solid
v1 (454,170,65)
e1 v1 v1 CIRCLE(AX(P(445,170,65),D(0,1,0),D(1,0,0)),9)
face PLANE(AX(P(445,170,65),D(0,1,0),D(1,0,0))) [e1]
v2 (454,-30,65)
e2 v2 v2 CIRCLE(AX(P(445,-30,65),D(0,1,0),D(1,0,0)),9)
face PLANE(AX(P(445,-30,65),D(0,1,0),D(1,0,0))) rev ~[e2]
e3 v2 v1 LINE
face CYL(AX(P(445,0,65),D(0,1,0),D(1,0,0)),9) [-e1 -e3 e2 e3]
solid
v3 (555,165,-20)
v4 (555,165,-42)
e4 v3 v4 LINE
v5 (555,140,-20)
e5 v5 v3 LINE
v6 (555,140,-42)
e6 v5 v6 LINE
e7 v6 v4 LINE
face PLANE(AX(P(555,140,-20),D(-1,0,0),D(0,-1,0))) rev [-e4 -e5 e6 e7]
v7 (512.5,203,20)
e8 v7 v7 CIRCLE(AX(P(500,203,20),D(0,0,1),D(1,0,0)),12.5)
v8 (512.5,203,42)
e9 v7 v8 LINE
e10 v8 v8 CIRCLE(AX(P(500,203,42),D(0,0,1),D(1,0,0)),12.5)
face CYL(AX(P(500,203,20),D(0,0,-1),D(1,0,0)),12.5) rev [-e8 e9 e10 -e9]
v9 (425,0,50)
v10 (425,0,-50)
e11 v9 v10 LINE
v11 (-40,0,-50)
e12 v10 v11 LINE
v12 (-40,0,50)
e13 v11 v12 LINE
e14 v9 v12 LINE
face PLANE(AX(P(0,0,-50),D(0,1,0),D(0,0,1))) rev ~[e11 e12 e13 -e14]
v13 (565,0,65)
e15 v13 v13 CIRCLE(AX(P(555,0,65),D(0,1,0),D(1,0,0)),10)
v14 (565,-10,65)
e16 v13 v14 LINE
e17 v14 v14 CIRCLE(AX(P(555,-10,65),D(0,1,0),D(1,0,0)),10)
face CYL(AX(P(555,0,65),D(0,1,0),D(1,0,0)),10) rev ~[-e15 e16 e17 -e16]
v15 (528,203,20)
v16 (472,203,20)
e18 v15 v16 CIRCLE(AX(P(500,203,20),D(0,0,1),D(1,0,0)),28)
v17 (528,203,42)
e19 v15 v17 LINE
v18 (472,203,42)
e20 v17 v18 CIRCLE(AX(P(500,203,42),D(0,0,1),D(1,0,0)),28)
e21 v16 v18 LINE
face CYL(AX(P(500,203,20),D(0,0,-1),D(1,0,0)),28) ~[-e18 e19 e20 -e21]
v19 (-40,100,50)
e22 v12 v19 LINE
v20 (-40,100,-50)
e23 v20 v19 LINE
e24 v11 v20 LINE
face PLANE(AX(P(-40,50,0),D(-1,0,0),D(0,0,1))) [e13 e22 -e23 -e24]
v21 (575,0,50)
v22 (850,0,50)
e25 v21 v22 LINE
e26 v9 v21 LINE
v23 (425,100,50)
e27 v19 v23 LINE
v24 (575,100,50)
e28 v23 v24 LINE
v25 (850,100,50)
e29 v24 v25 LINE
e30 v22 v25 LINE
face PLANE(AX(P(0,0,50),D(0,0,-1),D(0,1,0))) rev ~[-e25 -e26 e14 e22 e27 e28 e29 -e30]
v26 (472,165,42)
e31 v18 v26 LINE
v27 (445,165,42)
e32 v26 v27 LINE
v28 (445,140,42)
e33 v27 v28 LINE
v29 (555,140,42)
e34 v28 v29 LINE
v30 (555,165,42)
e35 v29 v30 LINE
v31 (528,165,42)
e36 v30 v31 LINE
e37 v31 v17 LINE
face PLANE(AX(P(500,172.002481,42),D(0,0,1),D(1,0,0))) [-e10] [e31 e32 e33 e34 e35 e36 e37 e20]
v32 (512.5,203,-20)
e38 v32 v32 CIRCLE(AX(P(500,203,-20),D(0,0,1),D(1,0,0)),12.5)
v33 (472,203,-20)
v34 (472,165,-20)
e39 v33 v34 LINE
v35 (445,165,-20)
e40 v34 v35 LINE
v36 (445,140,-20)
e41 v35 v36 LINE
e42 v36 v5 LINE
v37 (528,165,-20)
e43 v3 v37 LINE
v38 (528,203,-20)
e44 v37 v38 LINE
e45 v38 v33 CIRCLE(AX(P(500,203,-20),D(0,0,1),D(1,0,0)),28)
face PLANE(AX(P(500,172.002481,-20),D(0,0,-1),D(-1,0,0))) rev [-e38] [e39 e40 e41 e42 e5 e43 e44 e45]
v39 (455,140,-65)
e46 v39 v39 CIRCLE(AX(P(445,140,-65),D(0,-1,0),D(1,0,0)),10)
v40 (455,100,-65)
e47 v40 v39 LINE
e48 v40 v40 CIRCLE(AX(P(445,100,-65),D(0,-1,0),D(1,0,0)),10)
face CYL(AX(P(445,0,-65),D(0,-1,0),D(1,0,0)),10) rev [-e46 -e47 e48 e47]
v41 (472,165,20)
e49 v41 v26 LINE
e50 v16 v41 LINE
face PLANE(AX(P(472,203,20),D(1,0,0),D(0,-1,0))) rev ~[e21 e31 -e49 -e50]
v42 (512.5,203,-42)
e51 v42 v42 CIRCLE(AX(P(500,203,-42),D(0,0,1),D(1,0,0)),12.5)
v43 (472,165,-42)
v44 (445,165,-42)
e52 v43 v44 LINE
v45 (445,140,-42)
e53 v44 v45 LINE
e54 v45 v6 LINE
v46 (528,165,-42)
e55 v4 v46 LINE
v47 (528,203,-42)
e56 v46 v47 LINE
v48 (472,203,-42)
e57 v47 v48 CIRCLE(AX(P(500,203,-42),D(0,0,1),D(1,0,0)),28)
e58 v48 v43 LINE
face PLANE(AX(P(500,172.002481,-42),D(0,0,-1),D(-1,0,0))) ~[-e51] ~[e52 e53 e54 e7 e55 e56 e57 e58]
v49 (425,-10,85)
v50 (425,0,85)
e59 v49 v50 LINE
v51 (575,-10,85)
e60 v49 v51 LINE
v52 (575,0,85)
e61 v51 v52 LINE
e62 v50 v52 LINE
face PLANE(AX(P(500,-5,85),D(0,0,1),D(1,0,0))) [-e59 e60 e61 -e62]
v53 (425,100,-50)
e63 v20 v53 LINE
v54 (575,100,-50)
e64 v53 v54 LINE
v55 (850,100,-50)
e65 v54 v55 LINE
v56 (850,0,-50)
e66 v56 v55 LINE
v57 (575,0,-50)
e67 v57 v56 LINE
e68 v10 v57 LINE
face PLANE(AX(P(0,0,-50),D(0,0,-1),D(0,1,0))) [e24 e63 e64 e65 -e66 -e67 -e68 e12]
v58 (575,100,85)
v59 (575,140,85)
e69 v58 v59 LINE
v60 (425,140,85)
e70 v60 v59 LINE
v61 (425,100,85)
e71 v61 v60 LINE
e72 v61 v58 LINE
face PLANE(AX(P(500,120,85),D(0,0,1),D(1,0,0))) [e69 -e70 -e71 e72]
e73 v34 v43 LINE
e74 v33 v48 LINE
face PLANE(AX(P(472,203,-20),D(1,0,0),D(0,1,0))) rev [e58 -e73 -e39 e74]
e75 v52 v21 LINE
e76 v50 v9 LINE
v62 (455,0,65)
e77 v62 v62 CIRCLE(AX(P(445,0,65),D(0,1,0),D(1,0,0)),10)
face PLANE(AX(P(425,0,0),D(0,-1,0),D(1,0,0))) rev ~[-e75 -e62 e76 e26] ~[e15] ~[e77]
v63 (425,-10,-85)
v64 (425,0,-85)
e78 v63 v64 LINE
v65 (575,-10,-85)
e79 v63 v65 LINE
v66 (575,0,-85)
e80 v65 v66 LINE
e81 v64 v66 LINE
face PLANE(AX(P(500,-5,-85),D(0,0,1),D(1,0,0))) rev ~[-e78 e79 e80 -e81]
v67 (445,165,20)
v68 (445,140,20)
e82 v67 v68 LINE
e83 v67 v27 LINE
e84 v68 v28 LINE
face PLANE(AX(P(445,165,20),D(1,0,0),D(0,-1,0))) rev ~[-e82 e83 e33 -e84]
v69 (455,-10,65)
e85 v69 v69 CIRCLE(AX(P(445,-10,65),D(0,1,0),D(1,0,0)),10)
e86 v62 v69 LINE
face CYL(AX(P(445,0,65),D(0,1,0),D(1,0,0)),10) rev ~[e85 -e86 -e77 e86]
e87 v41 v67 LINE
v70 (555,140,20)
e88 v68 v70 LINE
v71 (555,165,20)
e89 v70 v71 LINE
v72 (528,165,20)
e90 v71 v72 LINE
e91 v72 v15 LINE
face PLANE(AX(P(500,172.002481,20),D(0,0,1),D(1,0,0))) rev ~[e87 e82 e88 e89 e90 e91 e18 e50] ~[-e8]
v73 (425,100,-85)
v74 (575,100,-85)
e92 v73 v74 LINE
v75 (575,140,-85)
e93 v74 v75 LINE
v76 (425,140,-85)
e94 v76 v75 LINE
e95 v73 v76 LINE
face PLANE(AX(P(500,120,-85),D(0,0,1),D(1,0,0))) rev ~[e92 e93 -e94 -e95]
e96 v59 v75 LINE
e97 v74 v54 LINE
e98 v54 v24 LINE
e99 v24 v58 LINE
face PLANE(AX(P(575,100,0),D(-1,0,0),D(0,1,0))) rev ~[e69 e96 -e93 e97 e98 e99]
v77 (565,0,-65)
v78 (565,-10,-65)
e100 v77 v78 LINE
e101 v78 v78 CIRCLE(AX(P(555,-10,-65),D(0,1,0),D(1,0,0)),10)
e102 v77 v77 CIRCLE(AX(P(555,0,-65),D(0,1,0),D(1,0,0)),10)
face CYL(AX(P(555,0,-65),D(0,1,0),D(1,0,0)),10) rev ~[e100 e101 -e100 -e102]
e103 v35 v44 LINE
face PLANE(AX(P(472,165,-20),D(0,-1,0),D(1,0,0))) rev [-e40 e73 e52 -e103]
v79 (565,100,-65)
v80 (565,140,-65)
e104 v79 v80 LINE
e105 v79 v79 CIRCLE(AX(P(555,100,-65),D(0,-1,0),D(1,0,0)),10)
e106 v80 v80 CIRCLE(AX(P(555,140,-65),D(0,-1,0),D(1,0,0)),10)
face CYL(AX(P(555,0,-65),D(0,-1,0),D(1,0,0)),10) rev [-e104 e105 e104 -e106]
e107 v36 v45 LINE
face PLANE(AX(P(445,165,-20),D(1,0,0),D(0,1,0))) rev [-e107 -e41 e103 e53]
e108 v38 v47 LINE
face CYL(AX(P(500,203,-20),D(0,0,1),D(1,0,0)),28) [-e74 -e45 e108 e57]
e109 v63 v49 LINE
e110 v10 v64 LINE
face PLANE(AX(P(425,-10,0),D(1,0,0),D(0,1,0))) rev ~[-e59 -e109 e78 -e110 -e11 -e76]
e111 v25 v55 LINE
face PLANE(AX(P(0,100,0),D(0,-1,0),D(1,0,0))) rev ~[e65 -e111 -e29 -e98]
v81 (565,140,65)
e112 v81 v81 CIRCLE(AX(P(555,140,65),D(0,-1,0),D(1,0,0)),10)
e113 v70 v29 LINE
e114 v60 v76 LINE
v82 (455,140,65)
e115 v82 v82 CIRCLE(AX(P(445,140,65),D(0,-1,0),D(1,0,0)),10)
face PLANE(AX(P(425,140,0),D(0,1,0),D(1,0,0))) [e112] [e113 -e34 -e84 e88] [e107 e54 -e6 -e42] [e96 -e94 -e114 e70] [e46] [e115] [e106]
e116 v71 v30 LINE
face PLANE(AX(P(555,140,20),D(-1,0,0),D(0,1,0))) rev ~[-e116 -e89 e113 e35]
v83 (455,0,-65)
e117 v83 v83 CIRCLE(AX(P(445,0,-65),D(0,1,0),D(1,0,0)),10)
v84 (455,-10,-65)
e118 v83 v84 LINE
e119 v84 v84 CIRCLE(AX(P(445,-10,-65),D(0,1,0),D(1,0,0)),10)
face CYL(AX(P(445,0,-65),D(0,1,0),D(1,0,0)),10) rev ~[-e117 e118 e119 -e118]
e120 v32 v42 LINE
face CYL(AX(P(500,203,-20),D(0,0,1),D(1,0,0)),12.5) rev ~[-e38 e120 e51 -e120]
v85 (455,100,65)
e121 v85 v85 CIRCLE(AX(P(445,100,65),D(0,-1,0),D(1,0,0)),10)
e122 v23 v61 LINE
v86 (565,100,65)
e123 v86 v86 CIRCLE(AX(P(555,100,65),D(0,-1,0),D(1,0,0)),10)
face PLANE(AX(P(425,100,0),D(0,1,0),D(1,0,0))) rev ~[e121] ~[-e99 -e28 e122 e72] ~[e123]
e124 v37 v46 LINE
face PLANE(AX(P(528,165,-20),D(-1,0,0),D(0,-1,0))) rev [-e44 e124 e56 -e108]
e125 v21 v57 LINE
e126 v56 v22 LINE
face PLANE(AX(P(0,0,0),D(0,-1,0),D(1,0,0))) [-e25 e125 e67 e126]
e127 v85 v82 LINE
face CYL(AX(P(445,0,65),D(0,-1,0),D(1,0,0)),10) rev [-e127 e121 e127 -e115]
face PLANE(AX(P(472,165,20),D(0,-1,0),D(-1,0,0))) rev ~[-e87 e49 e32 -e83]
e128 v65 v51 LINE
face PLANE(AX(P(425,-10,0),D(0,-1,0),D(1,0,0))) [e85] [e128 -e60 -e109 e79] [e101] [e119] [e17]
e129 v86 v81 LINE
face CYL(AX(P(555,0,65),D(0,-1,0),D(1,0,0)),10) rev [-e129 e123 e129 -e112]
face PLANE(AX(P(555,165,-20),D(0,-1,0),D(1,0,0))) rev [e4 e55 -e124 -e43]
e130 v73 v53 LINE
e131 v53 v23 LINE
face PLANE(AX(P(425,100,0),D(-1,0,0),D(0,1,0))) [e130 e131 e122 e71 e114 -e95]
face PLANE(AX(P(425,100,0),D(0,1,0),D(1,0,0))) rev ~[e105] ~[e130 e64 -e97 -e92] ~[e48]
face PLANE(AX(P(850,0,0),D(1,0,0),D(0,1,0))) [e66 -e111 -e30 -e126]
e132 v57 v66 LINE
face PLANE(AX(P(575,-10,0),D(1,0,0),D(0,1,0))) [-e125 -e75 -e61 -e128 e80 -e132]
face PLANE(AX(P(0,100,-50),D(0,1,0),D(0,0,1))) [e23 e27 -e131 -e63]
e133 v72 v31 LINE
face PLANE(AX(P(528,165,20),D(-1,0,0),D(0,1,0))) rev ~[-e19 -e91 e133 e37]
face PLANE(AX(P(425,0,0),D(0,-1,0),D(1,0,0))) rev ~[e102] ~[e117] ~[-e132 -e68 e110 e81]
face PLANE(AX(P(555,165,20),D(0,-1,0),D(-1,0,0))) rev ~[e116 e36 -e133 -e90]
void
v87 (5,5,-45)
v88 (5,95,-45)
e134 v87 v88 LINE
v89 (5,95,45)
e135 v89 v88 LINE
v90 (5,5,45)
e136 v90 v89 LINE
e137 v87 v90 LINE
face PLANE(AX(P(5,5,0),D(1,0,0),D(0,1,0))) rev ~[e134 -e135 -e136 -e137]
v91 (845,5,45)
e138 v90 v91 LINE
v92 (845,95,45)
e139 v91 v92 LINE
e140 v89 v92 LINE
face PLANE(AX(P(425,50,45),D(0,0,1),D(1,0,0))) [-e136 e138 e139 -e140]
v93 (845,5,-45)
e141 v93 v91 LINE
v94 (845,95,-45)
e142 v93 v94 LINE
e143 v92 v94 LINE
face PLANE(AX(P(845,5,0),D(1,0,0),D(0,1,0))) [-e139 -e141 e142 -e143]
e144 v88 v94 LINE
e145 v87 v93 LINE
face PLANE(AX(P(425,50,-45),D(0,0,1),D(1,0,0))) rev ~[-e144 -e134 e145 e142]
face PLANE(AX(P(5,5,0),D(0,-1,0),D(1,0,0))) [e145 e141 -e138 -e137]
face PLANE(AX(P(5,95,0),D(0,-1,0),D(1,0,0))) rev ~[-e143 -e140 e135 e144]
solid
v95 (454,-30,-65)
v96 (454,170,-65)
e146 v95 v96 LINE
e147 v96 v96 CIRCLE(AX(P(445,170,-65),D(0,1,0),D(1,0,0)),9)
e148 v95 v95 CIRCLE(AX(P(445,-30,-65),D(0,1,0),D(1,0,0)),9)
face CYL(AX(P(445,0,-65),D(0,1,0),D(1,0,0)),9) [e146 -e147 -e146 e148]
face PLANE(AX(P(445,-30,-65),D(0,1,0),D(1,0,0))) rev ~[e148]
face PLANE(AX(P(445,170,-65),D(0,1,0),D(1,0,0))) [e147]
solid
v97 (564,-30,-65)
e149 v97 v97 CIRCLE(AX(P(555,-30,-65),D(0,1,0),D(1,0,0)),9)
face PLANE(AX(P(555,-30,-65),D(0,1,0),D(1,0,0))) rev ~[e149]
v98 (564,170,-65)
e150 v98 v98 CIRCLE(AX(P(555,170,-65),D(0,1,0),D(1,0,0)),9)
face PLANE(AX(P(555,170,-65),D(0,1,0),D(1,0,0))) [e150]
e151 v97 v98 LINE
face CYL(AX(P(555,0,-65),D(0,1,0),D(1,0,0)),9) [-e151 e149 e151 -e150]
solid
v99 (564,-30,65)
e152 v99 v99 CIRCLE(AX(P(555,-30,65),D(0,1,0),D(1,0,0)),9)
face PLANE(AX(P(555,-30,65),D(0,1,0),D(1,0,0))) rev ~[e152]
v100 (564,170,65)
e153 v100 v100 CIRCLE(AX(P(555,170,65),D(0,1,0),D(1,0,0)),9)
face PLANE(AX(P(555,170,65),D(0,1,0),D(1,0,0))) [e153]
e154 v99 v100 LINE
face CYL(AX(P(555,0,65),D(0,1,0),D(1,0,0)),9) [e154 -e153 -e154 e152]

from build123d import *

# Parameters (mm, degrees)
SKETCH2_W                   = 850
SKETCH2_H                   = 100
BOSS_EXTRUDE1_DEPTH         = 50
SKETCH7_W                   = 840
SKETCH7_H                   = 90
CUT_EXTRUDE2_DEPTH          = 45
SKETCH12_W                  = 150
SKETCH12_H                  = 40
SKETCH12_H_2                = 10
BOSS_EXTRUDE9_DEPTH         = 85
SKETCH5_W                   = 100
SKETCH5_H                   = 100
BOSS_EXTRUDE4_DEPTH         = 40
SKETCH13_R                  = 10
CUT_EXTRUDE3_DEPTH          = 141
CUT_EXTRUDE3_DEPTH_BACK     = 11
SKETCH14_R                  = 9
BOSS_EXTRUDE10_DEPTH        = 170
BOSS_EXTRUDE10_DEPTH_BACK   = 30
BOSS_EXTRUDE10_2_DEPTH      = 170
BOSS_EXTRUDE10_2_DEPTH_BACK = 30
BOSS_EXTRUDE10_3_DEPTH      = 170
BOSS_EXTRUDE10_3_DEPTH_BACK = 30
BOSS_EXTRUDE10_4_DEPTH      = 170
BOSS_EXTRUDE10_4_DEPTH_BACK = 30
SKETCH15_R                  = 12.5
BOSS_EXTRUDE11_DEPTH        = 22


with BuildPart() as part:
    # Sketch2 → Boss-Extrude1 (new body, symmetric)
    with BuildSketch(Plane.XY):
        with Locations((425, 50)):
            Rectangle(SKETCH2_W, SKETCH2_H)
    extrude(amount=BOSS_EXTRUDE1_DEPTH, both=True)

    # Sketch7 → Cut-Extrude2 (cut, symmetric)
    with BuildSketch(Plane.XY):
        with Locations((425, 50)):
            Rectangle(SKETCH7_W, SKETCH7_H)
    extrude(amount=CUT_EXTRUDE2_DEPTH, both=True, mode=Mode.SUBTRACT)

    # Sketch12 → Boss-Extrude9 (add, symmetric)
    with BuildSketch(Plane.XY):
        with Locations((500, 120)):
            Rectangle(SKETCH12_W, SKETCH12_H)
        with Locations((500, -5)):
            Rectangle(SKETCH12_W, SKETCH12_H_2)
    extrude(amount=BOSS_EXTRUDE9_DEPTH, both=True)

    # Sketch5 → Boss-Extrude4 (add)
    with BuildSketch(Plane.ZY):
        with Locations((0, 50)):
            Rectangle(SKETCH5_W, SKETCH5_H)
    extrude(amount=BOSS_EXTRUDE4_DEPTH)

    # Sketch13 → Cut-Extrude3 (cut, two sides)
    with BuildSketch(Plane(origin=(0, 0, 0), x_dir=(1, 0, 0), z_dir=(0, 1, 0))) as cut_extrude3_sk:
        with Locations((555, 65)):
            Circle(SKETCH13_R)
        with Locations((445, 65)):
            Circle(SKETCH13_R)
        with Locations((445, -65)):
            Circle(SKETCH13_R)
        with Locations((555, -65)):
            Circle(SKETCH13_R)
    extrude(amount=CUT_EXTRUDE3_DEPTH, mode=Mode.SUBTRACT)
    extrude(cut_extrude3_sk.sketch, amount=-CUT_EXTRUDE3_DEPTH_BACK, mode=Mode.SUBTRACT)

    # Sketch15 → Boss-Extrude11 (add)
    with BuildSketch(Plane.XY.offset(20)):
        with BuildLine():
            Line((555, 140), (555, 165))
            Line((555, 165), (528, 165))
            Line((528, 165), (528, 203))
            ThreePointArc((528, 203), (500, 231), (472, 203))
            Line((472, 203), (472, 165))
            Line((472, 165), (445, 165))
            Line((445, 165), (445, 140))
            Line((445, 140), (555, 140))
        make_face()
        with Locations((500, 203)):
            Circle(SKETCH15_R, mode=Mode.SUBTRACT)
    boss_extrude11 = extrude(amount=BOSS_EXTRUDE11_DEPTH)

    # Mirror2: Boss-Extrude11 across plane
    add(boss_extrude11.mirror(Plane.XY))


with BuildPart() as body_2:
    # Sketch14 → Boss-Extrude10 (new body, two sides)
    with BuildSketch(Plane(origin=(0, 0, 0), x_dir=(1, 0, 0), z_dir=(0, 1, 0))) as boss_extrude10_sk:
        with Locations((555, 65)):
            Circle(SKETCH14_R)
    extrude(amount=BOSS_EXTRUDE10_DEPTH)
    extrude(boss_extrude10_sk.sketch, amount=-BOSS_EXTRUDE10_DEPTH_BACK)


with BuildPart() as body_3:
    # Sketch14 → Boss-Extrude10 2 (new body, two sides)
    with BuildSketch(Plane(origin=(0, 0, 0), x_dir=(1, 0, 0), z_dir=(0, 1, 0))) as boss_extrude10_2_sk:
        with Locations((445, 65)):
            Circle(SKETCH14_R)
    extrude(amount=BOSS_EXTRUDE10_2_DEPTH)
    extrude(boss_extrude10_2_sk.sketch, amount=-BOSS_EXTRUDE10_2_DEPTH_BACK)


with BuildPart() as body_4:
    # Sketch14 → Boss-Extrude10 3 (new body, two sides)
    with BuildSketch(Plane(origin=(0, 0, 0), x_dir=(1, 0, 0), z_dir=(0, 1, 0))) as boss_extrude10_3_sk:
        with Locations((445, -65)):
            Circle(SKETCH14_R)
    extrude(amount=BOSS_EXTRUDE10_3_DEPTH)
    extrude(boss_extrude10_3_sk.sketch, amount=-BOSS_EXTRUDE10_3_DEPTH_BACK)


with BuildPart() as body_5:
    # Sketch14 → Boss-Extrude10 4 (new body, two sides)
    with BuildSketch(Plane(origin=(0, 0, 0), x_dir=(1, 0, 0), z_dir=(0, 1, 0))) as boss_extrude10_4_sk:
        with Locations((555, -65)):
            Circle(SKETCH14_R)
    extrude(amount=BOSS_EXTRUDE10_4_DEPTH)
    extrude(boss_extrude10_4_sk.sketch, amount=-BOSS_EXTRUDE10_4_DEPTH_BACK)


solid = Compound([part.part, body_2.part, body_3.part, body_4.part, body_5.part])
